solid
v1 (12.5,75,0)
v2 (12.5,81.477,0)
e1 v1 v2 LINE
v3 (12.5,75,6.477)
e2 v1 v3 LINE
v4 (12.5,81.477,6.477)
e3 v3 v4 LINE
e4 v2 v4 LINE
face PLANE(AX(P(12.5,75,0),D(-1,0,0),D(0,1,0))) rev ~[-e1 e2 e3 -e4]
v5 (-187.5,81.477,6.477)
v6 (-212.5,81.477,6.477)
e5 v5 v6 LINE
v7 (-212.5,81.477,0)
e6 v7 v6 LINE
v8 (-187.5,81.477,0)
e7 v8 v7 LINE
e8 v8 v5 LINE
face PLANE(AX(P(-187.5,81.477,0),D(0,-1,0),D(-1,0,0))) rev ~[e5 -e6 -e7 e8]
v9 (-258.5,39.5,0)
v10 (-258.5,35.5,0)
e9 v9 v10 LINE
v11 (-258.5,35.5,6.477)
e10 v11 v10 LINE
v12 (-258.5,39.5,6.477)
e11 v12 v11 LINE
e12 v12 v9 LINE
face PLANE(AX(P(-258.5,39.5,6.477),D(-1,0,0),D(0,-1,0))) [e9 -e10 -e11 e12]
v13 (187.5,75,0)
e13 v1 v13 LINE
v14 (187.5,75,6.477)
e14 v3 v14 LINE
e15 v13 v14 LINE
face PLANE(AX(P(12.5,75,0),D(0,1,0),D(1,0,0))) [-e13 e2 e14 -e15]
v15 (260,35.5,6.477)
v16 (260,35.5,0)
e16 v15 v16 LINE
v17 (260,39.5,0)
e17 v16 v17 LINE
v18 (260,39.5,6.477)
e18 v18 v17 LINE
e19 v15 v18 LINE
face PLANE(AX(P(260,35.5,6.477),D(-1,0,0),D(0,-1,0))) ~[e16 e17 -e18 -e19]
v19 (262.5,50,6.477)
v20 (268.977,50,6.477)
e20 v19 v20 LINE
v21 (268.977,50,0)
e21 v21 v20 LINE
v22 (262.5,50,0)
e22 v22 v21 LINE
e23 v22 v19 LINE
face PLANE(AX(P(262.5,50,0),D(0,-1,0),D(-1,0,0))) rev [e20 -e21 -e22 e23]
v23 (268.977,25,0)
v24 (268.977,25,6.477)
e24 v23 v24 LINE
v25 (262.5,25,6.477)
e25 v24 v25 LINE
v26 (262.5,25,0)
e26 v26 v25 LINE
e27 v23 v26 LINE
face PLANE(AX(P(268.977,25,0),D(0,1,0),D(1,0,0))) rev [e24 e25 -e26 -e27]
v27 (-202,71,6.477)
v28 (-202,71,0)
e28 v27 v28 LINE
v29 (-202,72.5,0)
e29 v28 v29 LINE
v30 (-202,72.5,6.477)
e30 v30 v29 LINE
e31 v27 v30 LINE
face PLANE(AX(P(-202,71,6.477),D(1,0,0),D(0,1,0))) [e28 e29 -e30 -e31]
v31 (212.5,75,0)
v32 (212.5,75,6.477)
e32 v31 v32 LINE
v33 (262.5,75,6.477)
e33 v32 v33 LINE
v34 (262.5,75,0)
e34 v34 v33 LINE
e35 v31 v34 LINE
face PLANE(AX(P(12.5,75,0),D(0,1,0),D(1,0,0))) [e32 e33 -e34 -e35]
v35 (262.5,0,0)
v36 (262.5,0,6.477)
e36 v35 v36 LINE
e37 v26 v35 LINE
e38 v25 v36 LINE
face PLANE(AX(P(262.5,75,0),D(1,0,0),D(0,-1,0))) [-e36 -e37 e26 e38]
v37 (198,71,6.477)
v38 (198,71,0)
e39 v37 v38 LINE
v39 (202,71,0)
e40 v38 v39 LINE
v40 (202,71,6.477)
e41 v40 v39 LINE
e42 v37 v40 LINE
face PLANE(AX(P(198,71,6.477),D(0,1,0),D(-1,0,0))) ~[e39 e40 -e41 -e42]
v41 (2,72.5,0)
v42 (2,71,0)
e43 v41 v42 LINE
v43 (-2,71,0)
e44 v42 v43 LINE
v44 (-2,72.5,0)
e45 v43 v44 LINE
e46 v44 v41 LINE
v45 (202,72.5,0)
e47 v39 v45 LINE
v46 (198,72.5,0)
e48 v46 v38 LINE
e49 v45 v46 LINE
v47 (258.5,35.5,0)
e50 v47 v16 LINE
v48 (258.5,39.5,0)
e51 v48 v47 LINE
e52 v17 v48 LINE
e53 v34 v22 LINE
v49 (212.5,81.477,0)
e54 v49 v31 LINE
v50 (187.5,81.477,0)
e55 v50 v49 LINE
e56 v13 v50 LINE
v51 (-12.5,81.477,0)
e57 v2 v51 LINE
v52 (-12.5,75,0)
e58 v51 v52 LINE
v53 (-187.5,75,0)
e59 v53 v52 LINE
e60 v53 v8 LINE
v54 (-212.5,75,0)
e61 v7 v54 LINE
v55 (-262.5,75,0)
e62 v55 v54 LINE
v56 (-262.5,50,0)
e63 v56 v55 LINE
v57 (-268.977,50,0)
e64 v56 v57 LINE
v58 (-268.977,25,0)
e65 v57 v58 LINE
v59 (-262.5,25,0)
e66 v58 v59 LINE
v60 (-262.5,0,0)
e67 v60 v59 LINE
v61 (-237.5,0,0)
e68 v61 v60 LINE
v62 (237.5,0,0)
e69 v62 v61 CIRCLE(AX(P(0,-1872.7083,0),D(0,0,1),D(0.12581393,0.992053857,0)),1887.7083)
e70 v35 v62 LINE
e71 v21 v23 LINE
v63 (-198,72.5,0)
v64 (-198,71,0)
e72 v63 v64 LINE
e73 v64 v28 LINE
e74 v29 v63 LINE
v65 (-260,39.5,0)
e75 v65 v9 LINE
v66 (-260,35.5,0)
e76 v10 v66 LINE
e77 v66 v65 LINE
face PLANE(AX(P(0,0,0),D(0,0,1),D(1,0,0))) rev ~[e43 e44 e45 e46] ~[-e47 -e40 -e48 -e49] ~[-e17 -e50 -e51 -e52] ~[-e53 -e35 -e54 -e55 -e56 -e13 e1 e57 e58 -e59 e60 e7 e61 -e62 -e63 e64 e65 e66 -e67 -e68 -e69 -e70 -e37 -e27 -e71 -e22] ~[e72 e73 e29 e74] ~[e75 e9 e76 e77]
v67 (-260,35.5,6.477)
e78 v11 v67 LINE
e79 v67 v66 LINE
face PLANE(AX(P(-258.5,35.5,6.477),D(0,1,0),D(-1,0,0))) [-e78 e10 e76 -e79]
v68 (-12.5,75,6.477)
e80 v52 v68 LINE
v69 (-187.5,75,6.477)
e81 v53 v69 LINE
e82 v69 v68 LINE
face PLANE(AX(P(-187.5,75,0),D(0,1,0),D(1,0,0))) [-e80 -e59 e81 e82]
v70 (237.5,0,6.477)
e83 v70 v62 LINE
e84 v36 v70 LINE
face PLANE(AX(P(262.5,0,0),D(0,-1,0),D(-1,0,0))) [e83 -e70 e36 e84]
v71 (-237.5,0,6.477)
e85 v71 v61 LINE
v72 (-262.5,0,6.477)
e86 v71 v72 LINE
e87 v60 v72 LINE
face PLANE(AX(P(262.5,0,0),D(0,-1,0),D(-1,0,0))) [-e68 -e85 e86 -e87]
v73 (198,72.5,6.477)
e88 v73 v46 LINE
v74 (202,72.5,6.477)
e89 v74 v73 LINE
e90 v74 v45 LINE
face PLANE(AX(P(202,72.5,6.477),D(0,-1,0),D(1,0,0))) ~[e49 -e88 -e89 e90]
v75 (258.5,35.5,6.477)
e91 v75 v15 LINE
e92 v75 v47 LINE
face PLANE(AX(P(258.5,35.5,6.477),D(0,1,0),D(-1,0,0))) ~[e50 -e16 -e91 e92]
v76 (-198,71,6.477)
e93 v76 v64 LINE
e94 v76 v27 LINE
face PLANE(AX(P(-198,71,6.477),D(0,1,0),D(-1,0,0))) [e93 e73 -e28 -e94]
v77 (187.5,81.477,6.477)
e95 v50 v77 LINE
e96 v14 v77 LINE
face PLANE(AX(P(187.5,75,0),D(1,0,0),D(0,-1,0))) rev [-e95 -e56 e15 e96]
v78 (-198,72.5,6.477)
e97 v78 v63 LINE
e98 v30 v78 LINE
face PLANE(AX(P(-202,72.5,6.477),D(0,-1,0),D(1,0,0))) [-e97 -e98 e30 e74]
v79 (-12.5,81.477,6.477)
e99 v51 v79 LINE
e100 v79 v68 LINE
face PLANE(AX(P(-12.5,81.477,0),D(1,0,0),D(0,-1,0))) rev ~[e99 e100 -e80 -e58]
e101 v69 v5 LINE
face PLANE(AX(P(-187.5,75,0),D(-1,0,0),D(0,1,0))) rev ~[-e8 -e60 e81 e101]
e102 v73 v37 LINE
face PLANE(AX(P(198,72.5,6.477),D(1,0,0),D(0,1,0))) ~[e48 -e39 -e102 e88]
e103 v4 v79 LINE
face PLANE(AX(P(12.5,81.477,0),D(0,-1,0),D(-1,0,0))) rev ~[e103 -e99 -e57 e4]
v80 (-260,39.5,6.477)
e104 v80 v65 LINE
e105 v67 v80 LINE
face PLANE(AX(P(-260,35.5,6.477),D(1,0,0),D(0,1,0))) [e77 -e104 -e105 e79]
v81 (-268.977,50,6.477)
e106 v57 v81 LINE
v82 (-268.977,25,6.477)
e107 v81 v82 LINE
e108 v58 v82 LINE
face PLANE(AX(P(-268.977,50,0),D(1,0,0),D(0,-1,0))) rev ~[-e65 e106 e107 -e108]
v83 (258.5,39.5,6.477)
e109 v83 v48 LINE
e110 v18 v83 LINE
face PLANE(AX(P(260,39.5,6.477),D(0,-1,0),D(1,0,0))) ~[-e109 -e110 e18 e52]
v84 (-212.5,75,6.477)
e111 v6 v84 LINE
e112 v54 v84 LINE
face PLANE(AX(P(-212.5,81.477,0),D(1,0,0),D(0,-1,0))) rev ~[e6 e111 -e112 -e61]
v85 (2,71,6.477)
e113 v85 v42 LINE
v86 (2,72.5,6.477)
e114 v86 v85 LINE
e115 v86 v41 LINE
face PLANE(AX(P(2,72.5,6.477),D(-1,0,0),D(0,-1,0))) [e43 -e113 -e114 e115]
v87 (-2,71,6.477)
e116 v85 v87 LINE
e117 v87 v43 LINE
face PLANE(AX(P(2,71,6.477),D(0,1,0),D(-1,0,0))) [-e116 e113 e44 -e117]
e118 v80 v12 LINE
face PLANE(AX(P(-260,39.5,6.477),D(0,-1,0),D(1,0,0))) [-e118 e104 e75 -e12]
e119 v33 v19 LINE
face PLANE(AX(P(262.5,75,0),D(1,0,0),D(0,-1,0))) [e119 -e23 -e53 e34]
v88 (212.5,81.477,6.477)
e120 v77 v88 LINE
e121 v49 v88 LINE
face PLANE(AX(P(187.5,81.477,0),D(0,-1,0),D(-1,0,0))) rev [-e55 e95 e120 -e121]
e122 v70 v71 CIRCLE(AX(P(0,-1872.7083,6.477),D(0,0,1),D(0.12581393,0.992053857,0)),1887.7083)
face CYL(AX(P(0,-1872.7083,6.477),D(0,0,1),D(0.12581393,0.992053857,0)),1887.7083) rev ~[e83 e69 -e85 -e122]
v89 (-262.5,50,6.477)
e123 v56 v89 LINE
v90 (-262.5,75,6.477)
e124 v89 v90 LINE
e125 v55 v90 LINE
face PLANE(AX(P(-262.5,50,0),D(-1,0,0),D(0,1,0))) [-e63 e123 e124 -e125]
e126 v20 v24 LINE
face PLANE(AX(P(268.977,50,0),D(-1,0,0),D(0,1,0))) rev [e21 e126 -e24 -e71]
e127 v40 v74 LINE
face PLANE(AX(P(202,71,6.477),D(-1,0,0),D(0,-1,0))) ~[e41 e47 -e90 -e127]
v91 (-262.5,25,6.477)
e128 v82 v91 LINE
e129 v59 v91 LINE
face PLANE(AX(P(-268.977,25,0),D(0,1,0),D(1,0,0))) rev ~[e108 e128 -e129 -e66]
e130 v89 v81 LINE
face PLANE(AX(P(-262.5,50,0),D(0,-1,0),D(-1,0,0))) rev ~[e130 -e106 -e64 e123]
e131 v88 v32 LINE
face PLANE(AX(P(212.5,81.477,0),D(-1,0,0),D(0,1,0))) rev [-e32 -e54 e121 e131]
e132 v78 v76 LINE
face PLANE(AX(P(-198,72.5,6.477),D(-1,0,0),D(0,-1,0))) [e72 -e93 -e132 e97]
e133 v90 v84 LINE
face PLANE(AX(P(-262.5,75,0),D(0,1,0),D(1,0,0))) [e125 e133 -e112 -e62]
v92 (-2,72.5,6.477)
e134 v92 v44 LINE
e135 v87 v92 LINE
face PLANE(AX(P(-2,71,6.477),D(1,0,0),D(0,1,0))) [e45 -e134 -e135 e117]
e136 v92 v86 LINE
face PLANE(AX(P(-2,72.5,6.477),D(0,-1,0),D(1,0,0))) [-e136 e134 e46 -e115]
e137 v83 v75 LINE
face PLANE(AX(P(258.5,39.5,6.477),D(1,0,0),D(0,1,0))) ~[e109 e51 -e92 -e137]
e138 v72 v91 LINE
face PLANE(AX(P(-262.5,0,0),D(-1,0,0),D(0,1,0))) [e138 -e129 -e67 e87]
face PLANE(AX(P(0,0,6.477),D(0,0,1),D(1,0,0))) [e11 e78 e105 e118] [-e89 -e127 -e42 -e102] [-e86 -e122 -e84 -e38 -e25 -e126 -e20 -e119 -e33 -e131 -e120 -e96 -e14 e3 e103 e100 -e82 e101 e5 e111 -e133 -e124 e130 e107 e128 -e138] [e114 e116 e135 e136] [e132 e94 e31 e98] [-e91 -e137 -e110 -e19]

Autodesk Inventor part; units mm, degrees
ref_plane "YZ Plane" through (0, 0, 0) normal (1, 0, 0) x (0, 1, 0)
ref_plane "XZ Plane" through (0, 0, 0) normal (0, 1, 0) x (-1, 0, 0)
ref_plane "XY Plane" through (0, 0, 0) normal (0, 0, 1) x (1, 0, 0)
sketch "Sketch1" plane through (0, 0, 0) normal (0, 0, 1) x (1, 0, 0)
  line L0 (-262.5, 75) -> (262.5, 75)
  line L1 (262.5, 75) -> (262.5, 0)
  line L2 (262.5, 0) -> (-262.5, 0)
  line L3 (-262.5, 0) -> (-262.5, 75)
  line L4 (-262.5, 50) -> (-268.977, 50)
  line L5 (-268.977, 50) -> (-268.977, 25)
  line L6 (-268.977, 25) -> (-262.5, 25)
  line L7 (-262.5, 25) -> (-262.5, 50)
  line L8 (-212.5, 75) -> (-187.5, 75)
  line L9 (-187.5, 75) -> (-187.5, 81.477)
  line L10 (-187.5, 81.477) -> (-212.5, 81.477)
  line L11 (-212.5, 81.477) -> (-212.5, 75)
  line L12 (-12.5, 75) -> (12.5, 75)
  line L13 (12.5, 75) -> (12.5, 81.477)
  line L14 (12.5, 81.477) -> (-12.5, 81.477)
  line L15 (-12.5, 81.477) -> (-12.5, 75)
  point P0 (0, 0)
  point P1 (0, 0)
  point P2 (-268.977, 37.5)
  point P3 (-262.5, 37.5)
  point P4 (0, 81.477)
  point P5 (0, 75)
  dimension "d0" = 525
  dimension "d2" = 75
  dimension "d3" = 25
  dimension "d4" = 6.477
  dimension "d5" = 50
extrude "Extrusion1" add sketch "Sketch1" along normal blind 6.477
mirror "Mirror1" about plane through (0, 0, 0) normal (1, 0, 0) of "Extrusion1"
sketch "Sketch2" plane through (0, 0, 6.477) normal (0, 0, 1) x (1, 0, 0)
  line L0 (-187.5, 81.477) -> (-212.5, 81.477) projected
  line L1 (-262.5, 75) -> (-262.5, 50) projected
  line L2 (-268.977, 50) -> (-268.977, 25) projected
  line L3 (12.5, 81.477) -> (-12.5, 81.477) projected
  line L4 (-12.5, 75) -> (-187.5, 75) projected
  line L5 (-260, 39.5) -> (-258.5, 39.5)
  line L6 (-258.5, 39.5) -> (-258.5, 35.5)
  line L7 (-258.5, 35.5) -> (-260, 35.5)
  line L8 (-260, 35.5) -> (-260, 39.5)
  line L9 (-202, 72.5) -> (-198, 72.5)
  line L10 (-198, 72.5) -> (-198, 71)
  line L11 (-198, 71) -> (-202, 71)
  line L12 (-202, 71) -> (-202, 72.5)
  line L13 (-2, 72.5) -> (2, 72.5)
  line L14 (2, 72.5) -> (2, 71)
  line L15 (2, 71) -> (-2, 71)
  line L16 (-2, 71) -> (-2, 72.5)
  point P0 (0, 0)
  point P1 (-268.977, 37.5)
  point P2 (-260, 37.5)
  point P3 (-200, 72.5)
  point P4 (-200, 81.477)
  point P5 (0, 72.5)
  point P6 (0, 81.477)
  dimension "d8" = 4
  dimension "d10" = 1.5
  dimension "d11" = 2.5
  dimension "d13" = 2.5
extrude "Extrusion2" cut sketch "Sketch2" against normal through all
mirror "Mirror2" about plane through (0, 0, 0) normal (1, 0, 0) of "Extrusion2"
sketch "Sketch3" plane through (0, 0, 6.477) normal (0, 0, 1) x (1, 0, 0)
  line L0 (-262.5, 0) -> (262.5, 0) projected
  arc A0 (237.5, 0) -> (-237.5, 0) centre (0, -1872.7083) ccw
  point P0 (0, 0)
  point P1 (0, 15)
  point P2 (0, 0)
  dimension "d16" = 25
  dimension "d17" = 15
extrude "Extrusion3" cut sketch "Sketch3" against normal through all
properties part number "STRUT"
